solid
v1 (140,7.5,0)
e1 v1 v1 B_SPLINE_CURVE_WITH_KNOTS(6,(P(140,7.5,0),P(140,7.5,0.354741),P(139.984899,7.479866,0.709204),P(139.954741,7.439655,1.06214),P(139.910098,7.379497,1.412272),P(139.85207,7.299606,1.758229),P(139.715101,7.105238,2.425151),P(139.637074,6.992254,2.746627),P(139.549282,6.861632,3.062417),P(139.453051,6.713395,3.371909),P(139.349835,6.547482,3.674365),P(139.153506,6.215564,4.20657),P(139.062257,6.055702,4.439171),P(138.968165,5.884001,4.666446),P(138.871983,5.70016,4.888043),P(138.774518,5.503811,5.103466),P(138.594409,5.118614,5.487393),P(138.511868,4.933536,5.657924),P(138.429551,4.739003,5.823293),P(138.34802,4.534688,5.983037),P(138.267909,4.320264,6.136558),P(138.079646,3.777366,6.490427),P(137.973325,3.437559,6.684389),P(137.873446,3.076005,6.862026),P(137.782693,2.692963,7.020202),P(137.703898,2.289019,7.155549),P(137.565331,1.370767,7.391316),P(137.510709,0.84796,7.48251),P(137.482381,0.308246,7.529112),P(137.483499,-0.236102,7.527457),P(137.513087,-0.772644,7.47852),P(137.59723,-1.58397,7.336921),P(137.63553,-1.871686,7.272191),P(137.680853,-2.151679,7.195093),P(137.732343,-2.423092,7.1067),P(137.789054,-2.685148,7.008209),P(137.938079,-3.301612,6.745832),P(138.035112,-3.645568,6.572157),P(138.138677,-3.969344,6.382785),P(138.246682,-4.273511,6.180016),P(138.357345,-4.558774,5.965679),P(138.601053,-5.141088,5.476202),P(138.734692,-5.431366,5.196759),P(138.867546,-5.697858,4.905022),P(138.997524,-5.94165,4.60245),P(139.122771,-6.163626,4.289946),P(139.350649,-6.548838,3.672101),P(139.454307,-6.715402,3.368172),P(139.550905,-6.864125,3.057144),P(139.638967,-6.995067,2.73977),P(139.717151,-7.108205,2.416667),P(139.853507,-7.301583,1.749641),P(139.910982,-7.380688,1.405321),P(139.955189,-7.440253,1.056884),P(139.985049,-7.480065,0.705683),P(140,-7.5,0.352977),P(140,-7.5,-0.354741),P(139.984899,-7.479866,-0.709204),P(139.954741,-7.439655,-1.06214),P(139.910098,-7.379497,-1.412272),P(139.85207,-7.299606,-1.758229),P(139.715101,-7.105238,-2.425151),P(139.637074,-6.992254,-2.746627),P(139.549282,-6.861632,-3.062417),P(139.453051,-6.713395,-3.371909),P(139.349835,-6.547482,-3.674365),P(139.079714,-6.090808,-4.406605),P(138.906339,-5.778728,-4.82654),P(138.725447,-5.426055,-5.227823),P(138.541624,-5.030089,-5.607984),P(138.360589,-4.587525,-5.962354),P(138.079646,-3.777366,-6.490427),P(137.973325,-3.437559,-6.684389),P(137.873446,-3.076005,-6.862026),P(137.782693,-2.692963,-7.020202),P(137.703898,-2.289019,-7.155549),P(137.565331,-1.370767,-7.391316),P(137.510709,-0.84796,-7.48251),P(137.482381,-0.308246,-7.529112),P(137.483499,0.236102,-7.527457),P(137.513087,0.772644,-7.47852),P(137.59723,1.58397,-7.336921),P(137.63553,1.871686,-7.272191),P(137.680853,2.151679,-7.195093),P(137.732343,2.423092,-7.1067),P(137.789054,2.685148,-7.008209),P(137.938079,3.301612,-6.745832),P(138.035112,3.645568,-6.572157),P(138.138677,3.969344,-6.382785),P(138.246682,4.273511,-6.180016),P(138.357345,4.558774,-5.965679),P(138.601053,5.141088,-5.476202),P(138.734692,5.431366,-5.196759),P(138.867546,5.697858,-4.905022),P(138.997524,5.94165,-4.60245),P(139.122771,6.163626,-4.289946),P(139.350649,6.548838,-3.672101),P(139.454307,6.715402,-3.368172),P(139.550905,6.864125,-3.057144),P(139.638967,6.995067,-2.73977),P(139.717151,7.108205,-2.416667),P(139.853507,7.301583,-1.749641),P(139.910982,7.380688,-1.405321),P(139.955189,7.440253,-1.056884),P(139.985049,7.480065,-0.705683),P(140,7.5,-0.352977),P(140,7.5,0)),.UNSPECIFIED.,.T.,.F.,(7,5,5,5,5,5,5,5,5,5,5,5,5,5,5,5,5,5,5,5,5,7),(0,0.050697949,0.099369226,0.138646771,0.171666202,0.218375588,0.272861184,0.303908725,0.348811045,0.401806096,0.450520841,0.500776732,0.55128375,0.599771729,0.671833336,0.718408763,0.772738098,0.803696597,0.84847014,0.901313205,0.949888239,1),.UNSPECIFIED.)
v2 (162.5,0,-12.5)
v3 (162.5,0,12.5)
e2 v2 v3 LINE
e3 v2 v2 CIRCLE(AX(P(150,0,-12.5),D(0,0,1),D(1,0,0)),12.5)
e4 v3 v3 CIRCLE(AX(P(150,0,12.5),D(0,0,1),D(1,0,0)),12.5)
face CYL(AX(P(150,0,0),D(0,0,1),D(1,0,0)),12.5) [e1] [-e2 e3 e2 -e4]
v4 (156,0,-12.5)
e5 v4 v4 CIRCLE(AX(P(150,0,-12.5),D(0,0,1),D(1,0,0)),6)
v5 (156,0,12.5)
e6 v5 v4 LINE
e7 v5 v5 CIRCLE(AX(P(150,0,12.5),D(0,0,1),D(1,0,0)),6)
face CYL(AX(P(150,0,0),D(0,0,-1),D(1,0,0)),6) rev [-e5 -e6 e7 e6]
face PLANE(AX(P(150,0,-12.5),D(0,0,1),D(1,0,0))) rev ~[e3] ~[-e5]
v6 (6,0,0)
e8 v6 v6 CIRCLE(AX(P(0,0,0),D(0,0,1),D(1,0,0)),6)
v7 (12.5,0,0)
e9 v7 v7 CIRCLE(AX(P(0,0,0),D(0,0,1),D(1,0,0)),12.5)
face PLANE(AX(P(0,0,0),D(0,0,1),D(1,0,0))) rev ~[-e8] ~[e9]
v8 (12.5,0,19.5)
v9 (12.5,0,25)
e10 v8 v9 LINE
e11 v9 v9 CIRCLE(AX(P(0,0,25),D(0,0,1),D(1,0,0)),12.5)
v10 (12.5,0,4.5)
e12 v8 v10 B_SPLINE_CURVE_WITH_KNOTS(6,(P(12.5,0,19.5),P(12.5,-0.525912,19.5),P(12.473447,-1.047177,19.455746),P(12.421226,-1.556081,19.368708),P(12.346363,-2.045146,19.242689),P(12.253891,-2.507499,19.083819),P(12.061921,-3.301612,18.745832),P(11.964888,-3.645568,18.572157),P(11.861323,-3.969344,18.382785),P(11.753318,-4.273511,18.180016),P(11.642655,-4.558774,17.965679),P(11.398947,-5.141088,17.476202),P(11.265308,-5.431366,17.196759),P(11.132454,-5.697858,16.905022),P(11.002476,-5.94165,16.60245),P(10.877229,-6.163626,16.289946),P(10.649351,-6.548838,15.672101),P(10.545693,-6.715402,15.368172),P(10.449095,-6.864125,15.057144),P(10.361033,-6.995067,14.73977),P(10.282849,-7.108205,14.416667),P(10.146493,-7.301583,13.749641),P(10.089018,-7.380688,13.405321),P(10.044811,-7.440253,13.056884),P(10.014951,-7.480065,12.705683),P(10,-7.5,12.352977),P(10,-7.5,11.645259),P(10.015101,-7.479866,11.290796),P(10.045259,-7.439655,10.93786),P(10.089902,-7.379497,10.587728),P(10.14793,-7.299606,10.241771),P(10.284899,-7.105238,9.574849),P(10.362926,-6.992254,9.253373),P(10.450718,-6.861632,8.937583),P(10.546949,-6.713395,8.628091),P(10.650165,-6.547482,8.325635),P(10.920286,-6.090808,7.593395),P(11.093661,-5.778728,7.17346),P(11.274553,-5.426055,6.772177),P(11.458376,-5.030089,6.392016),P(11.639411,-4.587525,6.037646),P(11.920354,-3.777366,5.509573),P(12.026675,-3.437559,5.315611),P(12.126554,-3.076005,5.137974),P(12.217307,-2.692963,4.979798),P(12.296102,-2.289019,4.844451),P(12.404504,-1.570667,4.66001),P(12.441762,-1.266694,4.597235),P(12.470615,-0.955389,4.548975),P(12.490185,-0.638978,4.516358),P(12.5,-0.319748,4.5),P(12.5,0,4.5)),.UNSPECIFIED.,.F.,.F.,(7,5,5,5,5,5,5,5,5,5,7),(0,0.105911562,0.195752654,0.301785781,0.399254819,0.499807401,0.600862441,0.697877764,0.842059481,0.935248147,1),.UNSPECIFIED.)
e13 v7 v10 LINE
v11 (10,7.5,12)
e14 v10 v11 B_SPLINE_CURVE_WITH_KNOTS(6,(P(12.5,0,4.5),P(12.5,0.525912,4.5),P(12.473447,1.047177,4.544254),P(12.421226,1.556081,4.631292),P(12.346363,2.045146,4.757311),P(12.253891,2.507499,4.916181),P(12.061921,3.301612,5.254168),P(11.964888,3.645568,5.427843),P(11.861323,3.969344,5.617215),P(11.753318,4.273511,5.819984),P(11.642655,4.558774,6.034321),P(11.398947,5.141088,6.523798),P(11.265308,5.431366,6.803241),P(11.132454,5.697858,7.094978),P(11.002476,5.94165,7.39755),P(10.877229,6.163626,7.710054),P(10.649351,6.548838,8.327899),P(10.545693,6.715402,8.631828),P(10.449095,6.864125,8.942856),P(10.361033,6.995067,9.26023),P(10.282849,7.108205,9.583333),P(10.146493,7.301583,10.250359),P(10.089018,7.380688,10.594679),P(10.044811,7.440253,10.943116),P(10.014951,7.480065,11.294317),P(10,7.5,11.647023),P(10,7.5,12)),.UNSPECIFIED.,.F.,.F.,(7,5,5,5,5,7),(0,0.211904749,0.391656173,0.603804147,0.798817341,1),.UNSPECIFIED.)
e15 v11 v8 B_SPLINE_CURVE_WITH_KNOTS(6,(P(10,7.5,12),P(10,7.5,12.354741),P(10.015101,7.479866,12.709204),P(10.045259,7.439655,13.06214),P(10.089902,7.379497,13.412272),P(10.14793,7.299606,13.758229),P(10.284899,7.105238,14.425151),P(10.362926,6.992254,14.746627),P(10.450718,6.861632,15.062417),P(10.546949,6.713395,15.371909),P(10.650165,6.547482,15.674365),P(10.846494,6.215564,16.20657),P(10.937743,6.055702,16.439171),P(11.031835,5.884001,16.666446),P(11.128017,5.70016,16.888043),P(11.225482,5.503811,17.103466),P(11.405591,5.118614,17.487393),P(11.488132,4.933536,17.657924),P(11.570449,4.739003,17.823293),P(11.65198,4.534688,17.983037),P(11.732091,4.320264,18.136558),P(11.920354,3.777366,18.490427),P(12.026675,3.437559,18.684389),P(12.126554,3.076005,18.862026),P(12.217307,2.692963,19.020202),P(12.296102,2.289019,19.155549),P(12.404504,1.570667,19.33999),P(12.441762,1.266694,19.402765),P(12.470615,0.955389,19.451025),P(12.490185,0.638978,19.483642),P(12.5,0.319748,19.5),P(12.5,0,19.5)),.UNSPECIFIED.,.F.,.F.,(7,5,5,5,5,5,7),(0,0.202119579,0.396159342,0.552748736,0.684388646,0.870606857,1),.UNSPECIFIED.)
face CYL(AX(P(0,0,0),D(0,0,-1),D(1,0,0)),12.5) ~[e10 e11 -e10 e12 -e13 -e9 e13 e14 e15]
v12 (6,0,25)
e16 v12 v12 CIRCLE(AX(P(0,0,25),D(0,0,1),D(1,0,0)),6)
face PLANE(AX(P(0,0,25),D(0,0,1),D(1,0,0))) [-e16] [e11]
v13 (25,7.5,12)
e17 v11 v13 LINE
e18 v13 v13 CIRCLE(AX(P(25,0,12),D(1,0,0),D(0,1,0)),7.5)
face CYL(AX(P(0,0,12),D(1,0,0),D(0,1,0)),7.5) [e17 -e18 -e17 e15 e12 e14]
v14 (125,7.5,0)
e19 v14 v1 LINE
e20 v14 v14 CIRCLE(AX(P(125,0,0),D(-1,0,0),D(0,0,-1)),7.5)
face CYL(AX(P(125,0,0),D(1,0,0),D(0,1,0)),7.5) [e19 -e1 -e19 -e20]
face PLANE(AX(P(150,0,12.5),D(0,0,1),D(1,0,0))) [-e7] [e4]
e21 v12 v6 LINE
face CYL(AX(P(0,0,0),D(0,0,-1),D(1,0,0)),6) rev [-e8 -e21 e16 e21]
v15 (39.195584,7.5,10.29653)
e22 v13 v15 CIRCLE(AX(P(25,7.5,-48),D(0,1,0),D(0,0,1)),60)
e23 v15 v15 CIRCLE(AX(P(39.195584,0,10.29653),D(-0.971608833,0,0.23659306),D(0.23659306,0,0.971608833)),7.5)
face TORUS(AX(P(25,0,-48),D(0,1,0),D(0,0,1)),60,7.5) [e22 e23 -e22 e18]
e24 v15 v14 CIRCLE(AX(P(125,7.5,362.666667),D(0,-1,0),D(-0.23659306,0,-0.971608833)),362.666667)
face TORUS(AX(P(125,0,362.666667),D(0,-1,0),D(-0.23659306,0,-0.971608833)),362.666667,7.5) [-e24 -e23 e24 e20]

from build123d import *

# Parameters (mm, degrees)
F0_R     = 12.5
F0_R_2   = 6
F1_DEPTH = 25
F2_DEPTH = 12.5
F4_R     = 7.5
F6_DEPTH = 25


with BuildPart() as f1:
    # F0 (on Top) → F1 (new body)
    with BuildSketch(Plane.XY):
        Circle(F0_R)
        Circle(F0_R_2, mode=Mode.SUBTRACT)
    extrude(amount=F1_DEPTH)



with BuildPart() as f2:
    # F0 (on Top) → F2 (new body, symmetric)
    with BuildSketch(Plane.XY):
        with Locations((150, 0)):
            Circle(F0_R)
        with Locations((150, 0)):
            Circle(F0_R_2, mode=Mode.SUBTRACT)
    extrude(amount=F2_DEPTH, both=True)


with BuildPart() as f1_1:
    add(f1.part)

    add(f2.part)  # F5 merges F2
    # F5: sweep along a path in F3
    with BuildLine(Plane.XZ) as f5_path:
        Line((0, 12), (25, 12))
        ThreePointArc((25, 12), (32.1487132371, 11.5726103092), (39.1955835962, 10.2965299685))
        ThreePointArc((39.1955835962, 10.2965299685), (81.789999989, 2.5833332421), (125, 0))
        Line((125, 0), (150, 0))
    # F4 (on Right) → F5 (sweep)
    with BuildSketch(Plane.YZ):
        with Locations((0, 12)):
            Circle(F4_R)
    sweep(path=f5_path.line)

    # F0 (on Top) → F6 (cut, symmetric)
    with BuildSketch(Plane.XY):
        Circle(F0_R_2)
        with Locations((150, 0)):
            Circle(F0_R_2)
    extrude(amount=F6_DEPTH, both=True, mode=Mode.SUBTRACT)


solid = f1_1.part
